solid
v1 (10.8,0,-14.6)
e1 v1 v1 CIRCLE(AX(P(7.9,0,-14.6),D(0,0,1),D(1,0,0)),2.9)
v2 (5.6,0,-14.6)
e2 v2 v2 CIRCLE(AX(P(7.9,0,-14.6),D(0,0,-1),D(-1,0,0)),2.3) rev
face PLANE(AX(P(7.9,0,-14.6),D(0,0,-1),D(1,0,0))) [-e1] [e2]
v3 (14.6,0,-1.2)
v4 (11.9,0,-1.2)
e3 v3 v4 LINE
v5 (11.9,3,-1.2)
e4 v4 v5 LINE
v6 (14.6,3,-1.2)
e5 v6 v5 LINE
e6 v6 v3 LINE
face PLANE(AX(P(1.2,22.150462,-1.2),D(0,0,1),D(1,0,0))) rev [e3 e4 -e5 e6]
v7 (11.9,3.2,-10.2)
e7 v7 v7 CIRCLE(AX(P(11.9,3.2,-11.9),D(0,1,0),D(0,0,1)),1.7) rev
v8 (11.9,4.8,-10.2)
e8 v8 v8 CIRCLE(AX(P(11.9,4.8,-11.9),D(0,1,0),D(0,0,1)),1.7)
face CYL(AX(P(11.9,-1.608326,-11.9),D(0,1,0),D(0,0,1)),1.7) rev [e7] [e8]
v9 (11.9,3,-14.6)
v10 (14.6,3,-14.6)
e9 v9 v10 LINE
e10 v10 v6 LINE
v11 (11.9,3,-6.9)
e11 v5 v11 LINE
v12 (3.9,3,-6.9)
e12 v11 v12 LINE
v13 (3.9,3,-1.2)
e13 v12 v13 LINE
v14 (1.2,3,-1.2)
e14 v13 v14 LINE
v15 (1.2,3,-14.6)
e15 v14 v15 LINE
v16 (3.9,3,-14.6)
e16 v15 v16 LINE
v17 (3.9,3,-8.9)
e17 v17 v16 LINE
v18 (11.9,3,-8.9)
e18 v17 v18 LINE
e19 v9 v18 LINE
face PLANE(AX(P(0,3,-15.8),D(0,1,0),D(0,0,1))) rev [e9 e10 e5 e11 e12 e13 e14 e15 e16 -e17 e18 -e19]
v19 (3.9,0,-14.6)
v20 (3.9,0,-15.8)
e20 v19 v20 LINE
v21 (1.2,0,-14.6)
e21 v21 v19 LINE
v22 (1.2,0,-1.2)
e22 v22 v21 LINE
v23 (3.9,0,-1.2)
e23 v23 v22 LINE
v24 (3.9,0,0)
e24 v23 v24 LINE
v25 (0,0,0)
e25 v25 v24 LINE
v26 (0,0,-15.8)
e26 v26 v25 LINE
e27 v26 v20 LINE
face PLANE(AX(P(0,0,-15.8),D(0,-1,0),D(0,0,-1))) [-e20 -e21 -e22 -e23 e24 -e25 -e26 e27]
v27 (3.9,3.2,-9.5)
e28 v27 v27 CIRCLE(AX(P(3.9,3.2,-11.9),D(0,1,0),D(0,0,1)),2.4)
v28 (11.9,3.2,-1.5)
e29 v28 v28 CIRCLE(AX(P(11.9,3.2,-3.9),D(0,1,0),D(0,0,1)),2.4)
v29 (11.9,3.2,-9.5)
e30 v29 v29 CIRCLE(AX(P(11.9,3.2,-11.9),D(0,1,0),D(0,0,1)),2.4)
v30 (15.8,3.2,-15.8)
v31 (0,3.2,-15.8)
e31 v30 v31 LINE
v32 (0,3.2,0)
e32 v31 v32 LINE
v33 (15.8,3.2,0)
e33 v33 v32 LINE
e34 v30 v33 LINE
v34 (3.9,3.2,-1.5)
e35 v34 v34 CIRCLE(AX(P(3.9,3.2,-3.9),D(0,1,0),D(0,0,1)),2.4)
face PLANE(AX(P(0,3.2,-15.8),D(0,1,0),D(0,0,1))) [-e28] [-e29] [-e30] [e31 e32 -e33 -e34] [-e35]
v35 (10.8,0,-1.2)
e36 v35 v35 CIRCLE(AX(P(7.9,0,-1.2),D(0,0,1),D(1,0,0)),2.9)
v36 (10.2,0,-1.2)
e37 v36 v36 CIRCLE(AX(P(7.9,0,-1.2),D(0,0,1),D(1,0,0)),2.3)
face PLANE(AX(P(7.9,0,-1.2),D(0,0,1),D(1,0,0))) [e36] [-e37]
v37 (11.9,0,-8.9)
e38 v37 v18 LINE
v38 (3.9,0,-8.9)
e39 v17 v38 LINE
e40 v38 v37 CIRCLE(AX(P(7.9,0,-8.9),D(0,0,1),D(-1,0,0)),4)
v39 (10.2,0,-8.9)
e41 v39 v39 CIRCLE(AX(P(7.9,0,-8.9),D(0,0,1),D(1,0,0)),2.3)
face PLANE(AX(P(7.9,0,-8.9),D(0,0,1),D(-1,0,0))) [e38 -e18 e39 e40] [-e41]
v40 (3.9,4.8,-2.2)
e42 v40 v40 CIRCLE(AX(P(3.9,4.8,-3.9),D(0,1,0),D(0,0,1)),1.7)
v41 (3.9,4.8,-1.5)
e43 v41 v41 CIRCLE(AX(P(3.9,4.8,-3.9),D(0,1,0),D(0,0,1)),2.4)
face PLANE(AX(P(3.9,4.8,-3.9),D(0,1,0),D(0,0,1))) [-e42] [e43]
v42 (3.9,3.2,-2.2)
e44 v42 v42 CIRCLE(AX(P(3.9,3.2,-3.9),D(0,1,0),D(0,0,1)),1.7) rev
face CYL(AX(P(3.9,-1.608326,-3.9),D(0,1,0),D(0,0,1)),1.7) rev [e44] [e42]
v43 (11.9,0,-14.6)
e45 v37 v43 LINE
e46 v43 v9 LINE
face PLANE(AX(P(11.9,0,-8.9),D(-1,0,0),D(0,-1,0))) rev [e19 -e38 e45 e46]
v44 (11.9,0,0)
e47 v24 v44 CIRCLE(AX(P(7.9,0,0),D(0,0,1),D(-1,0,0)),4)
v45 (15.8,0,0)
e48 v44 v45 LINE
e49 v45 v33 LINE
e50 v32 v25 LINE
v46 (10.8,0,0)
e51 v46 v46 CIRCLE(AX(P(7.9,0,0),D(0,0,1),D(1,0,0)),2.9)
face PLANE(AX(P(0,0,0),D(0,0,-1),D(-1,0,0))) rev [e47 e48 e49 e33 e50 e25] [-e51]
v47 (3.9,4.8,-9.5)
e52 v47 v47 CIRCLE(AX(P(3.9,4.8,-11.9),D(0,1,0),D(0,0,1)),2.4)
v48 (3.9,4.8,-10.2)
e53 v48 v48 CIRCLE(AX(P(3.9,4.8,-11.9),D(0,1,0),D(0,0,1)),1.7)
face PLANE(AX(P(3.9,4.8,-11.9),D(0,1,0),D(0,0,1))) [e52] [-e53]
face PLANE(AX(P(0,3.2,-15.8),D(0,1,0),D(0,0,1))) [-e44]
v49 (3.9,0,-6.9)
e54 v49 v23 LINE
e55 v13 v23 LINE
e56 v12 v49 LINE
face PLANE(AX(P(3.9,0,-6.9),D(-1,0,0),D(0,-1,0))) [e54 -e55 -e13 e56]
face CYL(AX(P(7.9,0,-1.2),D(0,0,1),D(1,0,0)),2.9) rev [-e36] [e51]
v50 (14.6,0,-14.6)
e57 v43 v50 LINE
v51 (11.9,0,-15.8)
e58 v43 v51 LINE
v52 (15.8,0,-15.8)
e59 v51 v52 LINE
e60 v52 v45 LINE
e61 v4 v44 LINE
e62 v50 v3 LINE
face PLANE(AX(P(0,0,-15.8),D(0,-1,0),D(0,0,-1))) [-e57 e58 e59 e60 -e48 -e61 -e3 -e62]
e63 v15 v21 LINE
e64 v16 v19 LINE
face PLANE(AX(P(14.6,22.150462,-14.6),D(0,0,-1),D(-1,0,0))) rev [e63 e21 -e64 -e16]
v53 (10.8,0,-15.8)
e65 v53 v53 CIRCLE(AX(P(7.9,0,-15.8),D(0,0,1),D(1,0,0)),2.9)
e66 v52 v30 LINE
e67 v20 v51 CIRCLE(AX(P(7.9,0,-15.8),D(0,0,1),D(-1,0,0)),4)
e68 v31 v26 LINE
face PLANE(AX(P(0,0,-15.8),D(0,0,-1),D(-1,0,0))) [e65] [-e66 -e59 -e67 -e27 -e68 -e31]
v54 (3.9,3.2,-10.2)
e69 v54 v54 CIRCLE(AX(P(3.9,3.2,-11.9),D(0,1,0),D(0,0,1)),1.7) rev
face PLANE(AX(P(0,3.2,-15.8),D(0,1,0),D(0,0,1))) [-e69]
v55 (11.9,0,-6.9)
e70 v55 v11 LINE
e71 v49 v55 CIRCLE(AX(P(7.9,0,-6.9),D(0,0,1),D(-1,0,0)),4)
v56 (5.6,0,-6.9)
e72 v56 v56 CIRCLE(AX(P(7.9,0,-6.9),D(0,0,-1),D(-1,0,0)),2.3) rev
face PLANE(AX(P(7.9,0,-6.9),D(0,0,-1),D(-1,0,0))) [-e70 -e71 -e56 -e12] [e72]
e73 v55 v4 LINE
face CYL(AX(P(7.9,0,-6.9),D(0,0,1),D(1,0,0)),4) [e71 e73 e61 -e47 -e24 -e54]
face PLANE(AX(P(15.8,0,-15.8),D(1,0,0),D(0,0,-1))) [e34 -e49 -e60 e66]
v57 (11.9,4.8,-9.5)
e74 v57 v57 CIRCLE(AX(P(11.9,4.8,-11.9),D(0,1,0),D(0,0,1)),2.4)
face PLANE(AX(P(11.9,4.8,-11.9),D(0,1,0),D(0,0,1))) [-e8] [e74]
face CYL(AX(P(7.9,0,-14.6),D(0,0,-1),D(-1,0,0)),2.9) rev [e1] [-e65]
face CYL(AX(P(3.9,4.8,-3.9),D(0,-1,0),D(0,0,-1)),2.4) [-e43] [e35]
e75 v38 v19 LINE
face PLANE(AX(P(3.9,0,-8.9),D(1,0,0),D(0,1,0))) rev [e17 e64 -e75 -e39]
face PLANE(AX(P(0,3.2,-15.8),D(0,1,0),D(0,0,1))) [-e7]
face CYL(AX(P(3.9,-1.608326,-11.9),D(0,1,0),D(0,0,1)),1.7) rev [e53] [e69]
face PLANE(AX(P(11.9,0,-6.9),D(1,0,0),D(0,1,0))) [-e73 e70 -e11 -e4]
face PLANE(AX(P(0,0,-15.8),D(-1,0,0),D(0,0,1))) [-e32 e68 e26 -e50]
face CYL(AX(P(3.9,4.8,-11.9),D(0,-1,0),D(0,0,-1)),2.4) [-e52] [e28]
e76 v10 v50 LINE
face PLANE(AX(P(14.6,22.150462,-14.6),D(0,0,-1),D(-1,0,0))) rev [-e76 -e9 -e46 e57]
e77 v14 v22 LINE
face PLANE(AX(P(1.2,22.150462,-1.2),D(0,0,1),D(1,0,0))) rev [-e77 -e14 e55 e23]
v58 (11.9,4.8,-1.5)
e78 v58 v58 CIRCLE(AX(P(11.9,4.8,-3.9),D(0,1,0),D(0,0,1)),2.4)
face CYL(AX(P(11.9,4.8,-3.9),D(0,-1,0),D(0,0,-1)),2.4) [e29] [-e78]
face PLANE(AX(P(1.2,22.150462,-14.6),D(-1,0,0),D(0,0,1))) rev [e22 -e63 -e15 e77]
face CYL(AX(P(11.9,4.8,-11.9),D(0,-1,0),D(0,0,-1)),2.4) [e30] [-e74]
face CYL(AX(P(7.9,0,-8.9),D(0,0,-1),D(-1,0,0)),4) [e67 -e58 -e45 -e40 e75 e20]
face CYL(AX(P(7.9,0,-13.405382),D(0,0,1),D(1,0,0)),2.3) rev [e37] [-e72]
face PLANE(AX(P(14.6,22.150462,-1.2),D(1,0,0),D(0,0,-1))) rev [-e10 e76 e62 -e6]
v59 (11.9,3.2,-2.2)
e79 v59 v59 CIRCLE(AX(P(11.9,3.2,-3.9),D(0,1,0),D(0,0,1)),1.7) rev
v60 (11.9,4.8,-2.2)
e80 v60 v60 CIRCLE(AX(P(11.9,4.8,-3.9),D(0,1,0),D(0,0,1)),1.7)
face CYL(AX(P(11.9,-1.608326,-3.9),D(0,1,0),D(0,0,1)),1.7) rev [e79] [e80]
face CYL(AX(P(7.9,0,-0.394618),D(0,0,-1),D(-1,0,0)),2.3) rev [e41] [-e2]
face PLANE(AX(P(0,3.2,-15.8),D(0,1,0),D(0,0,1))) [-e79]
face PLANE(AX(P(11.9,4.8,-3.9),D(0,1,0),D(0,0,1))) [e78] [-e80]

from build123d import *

# Parameters (mm, degrees)
SKETCH1_W            = 15.8
SKETCH1_H            = 3.2
BOSS_EXTRUDE1_DEPTH  = 15.8
SKETCH2_R            = 2.4
BOSS_EXTRUDE2_DEPTH  = 1.6
SKETCH10_R           = 1.7
CUT_EXTRUDE8_DEPTH   = 1.6
LPATTERN1_COUNT      = 2
LPATTERN1_PITCH      = 8
LPATTERN1_COUNT_DIR2 = 2
LPATTERN1_PITCH_DIR2 = 8
SKETCH3_W            = 13.4
SKETCH3_H            = 13.4
CUT_EXTRUDE1_DEPTH   = 3
BOSS_EXTRUDE3_DEPTH  = 6.9
SKETCH8_R            = 2.9
CUT_EXTRUDE6_DEPTH   = 1.2
CUT_EXTRUDE7_START   = -5.7
SKETCH9_R            = 2.3
CUT_EXTRUDE7_DEPTH   = 28.741778513


with BuildPart() as part:
    # Sketch1 → Boss-Extrude1 (new body)
    with BuildSketch(Plane.XY):
        with Locations((7.9, 1.6)):
            Rectangle(SKETCH1_W, SKETCH1_H)
    extrude(amount=-BOSS_EXTRUDE1_DEPTH)

    # Sketch2 → Boss-Extrude2 (add)
    with BuildSketch(Plane(origin=(0, 3.2, 0), x_dir=(1, 0, 0), z_dir=(0, 1, 0))):
        with Locations(Location((3.9, 3.9, 0), (0, 0, 270))):
            Circle(SKETCH2_R)
    boss_extrude2 = extrude(amount=BOSS_EXTRUDE2_DEPTH)

    # Sketch10 → Cut-Extrude8 (cut)
    with BuildSketch(Plane(origin=(0, 4.8, 0), x_dir=(1, 0, 0), z_dir=(0, 1, 0))):
        with Locations(Location((3.9, 3.9, 0), (0, 0, 270))):
            Circle(SKETCH10_R)
    cut_extrude8 = extrude(amount=-CUT_EXTRUDE8_DEPTH, mode=Mode.SUBTRACT)

    # LPattern1: Boss-Extrude2, Cut-Extrude8 2 × 2
    with Locations(*[(j * LPATTERN1_PITCH_DIR2, 0, -i * LPATTERN1_PITCH) for i in range(LPATTERN1_COUNT) for j in range(LPATTERN1_COUNT_DIR2) if (i, j) != (0, 0)]):
        add(boss_extrude2)
        add(cut_extrude8, mode=Mode.SUBTRACT)

    # Sketch3 → Cut-Extrude1 (cut)
    with BuildSketch(Plane.XZ):
        with Locations((7.9, -7.9)):
            Rectangle(SKETCH3_W, SKETCH3_H)
    extrude(amount=-CUT_EXTRUDE1_DEPTH, mode=Mode.SUBTRACT)

    # Sketch4 → Boss-Extrude3 (add)
    with BuildSketch(Plane.XY):
        with BuildLine():
            Line((11.9, 0), (11.9, 3.2))
            Line((11.9, 3.2), (3.9, 3.2))
            Line((3.9, 3.2), (3.9, 0))
            ThreePointArc((3.9, 0), (7.9, -4), (11.9, 0))
        make_face()
    boss_extrude3 = extrude(amount=-BOSS_EXTRUDE3_DEPTH)

    # Sketch8 → Cut-Extrude6 (cut)
    with BuildSketch(Plane.XY):
        with Locations((7.9, 0)):
            Circle(SKETCH8_R)
    cut_extrude6 = extrude(amount=-CUT_EXTRUDE6_DEPTH, mode=Mode.SUBTRACT)

    # Sketch9 → Cut-Extrude7 (cut)
    with BuildSketch(Plane.XY.offset(-1.2).offset(CUT_EXTRUDE7_START)):
        with Locations((7.9, 0)):
            Circle(SKETCH9_R)
    cut_extrude7 = extrude(amount=CUT_EXTRUDE7_DEPTH, mode=Mode.SUBTRACT)

    # Mirror1: Boss-Extrude3, Cut-Extrude6, Cut-Extrude7 across plane
    add(boss_extrude3.mirror(Plane.XY.offset(-7.9)))
    add(cut_extrude6.mirror(Plane.XY.offset(-7.9)), mode=Mode.SUBTRACT)
    add(cut_extrude7.mirror(Plane.XY.offset(-7.9)), mode=Mode.SUBTRACT)


solid = part.part
